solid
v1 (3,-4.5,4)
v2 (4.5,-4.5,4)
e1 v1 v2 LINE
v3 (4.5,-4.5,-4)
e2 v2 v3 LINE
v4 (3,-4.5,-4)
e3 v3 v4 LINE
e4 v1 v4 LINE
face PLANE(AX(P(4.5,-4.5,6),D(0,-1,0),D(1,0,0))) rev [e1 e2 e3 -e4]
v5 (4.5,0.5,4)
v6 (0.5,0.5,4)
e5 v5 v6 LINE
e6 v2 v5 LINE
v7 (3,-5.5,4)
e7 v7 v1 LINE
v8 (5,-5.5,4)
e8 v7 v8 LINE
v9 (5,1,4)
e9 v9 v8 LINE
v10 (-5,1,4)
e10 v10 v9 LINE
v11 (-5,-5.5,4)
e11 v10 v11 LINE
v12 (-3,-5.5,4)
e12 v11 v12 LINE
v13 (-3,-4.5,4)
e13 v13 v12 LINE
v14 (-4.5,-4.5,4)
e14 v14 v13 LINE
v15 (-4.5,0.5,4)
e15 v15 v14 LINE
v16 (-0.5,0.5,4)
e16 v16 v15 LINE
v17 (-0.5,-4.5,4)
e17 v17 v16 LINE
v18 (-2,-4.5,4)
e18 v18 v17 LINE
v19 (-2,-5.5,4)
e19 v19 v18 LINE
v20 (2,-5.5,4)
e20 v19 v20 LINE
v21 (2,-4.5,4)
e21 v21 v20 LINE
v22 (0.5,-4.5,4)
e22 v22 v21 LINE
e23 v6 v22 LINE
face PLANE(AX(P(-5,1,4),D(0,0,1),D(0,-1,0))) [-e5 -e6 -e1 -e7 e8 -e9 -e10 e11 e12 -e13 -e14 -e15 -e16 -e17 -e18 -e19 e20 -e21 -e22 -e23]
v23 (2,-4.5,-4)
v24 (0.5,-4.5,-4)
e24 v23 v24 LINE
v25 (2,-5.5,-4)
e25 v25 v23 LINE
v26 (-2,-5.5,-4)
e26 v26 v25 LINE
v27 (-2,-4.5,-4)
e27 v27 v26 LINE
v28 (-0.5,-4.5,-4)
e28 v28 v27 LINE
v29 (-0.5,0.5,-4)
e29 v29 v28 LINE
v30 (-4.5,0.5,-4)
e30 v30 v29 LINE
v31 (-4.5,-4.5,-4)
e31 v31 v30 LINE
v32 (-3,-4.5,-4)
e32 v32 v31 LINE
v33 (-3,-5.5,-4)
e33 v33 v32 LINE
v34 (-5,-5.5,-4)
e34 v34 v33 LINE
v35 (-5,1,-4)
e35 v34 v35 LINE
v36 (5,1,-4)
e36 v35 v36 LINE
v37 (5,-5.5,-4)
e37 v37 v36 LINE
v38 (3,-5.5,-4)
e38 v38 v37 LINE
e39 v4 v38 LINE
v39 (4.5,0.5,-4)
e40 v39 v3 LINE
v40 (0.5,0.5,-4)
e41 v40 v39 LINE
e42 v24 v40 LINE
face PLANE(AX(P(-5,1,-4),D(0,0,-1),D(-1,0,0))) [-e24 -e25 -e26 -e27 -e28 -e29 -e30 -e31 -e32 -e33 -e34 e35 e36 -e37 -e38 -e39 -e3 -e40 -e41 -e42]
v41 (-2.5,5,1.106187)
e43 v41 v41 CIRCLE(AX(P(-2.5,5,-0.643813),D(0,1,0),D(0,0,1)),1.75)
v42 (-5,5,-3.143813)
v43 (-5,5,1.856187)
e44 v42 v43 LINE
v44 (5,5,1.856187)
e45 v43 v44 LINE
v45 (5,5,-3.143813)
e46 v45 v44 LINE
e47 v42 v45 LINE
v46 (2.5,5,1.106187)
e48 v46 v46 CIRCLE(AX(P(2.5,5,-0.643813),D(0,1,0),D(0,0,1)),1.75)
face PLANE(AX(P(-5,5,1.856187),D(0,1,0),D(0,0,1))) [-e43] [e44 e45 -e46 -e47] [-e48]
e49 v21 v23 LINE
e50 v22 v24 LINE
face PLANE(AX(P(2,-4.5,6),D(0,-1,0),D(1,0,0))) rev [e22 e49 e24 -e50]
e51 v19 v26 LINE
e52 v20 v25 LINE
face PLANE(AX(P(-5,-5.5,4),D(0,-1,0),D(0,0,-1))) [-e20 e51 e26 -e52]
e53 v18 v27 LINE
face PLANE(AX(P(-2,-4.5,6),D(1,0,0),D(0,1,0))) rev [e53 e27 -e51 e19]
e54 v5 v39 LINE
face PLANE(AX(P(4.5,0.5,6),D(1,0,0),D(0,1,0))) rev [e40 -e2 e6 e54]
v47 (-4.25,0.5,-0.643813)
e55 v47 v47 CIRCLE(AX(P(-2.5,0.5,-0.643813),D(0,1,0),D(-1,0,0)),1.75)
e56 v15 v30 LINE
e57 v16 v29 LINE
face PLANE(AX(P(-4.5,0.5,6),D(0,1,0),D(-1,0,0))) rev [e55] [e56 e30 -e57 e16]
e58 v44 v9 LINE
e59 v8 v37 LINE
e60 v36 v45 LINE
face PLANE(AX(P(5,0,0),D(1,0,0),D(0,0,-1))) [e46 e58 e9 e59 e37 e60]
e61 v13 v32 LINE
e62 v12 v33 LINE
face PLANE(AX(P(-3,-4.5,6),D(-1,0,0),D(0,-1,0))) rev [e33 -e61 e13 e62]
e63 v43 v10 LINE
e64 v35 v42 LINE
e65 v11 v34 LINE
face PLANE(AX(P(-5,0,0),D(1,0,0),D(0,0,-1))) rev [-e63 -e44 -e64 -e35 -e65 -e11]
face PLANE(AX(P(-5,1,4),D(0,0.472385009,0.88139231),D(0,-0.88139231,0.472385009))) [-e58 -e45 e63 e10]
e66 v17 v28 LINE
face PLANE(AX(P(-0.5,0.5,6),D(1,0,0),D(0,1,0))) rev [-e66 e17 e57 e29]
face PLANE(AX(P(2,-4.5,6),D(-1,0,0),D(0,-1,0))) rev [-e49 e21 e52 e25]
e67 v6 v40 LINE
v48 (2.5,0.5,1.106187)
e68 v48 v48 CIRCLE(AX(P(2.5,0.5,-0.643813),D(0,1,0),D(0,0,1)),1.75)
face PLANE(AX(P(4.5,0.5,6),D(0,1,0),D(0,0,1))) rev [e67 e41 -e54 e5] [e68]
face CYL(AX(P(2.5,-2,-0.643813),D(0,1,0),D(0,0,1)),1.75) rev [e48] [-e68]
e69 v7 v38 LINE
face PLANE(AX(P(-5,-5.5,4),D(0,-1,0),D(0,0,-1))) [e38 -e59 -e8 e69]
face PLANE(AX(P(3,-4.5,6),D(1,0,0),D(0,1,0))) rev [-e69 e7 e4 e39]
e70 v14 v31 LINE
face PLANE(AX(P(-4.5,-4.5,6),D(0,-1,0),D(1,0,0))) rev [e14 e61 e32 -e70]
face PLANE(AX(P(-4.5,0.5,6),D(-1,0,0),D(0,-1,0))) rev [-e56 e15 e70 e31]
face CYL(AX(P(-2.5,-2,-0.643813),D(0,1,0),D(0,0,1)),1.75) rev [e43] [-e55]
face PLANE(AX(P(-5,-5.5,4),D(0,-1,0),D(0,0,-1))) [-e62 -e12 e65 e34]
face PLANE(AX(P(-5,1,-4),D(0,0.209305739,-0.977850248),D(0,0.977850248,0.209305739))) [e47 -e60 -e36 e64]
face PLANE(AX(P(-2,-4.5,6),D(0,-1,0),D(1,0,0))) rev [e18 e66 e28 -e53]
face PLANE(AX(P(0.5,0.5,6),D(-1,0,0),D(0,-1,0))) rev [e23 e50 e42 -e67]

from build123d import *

# Parameters (mm, degrees)
Y_KSEKLIK_EKSTR_ZYON1_DEPTH      = 5
Y_KSEKLIK_EKSTR_ZYON1_DEPTH_BACK = 5
KES_EKSTR_ZYON1_DEPTH            = 10
IZIM3_R                          = 1.75
KES_EKSTR_ZYON2_DEPTH            = 7


with BuildPart() as part:
    # izim1 → Y_kseklik-Ekstr_zyon1 (new body, two sides)
    with BuildSketch(Plane(origin=(0, 0, 0), x_dir=(0, 0, -1), z_dir=(1, 0, 0))) as y_kseklik_ekstr_zyon1_sk:
        Polygon((-1.856187291, 5), (3.143812709, 5), (4, 1), (4, -5.5), (-4, -5.5), (-4, 1), align=None)
    extrude(amount=Y_KSEKLIK_EKSTR_ZYON1_DEPTH)
    extrude(y_kseklik_ekstr_zyon1_sk.sketch, amount=-Y_KSEKLIK_EKSTR_ZYON1_DEPTH_BACK)

    # izim2 → Kes-Ekstr_zyon1 (cut)
    with BuildSketch(Plane(origin=(0, 0, -4), x_dir=(-1, 0, 0), z_dir=(0, 0, -1))):
        Polygon((-3, -4.5), (-3, -5.5), (-2, -5.5), (-2, -4.5), (-0.5, -4.5), (-0.5, 0.5), (-4.5, 0.5), (-4.5, -4.5), align=None)
        Polygon((2, -4.5), (2, -5.5), (3, -5.5), (3, -4.5), (4.5, -4.5), (4.5, 0.5), (0.5, 0.5), (0.5, -4.5), align=None)
    extrude(amount=-KES_EKSTR_ZYON1_DEPTH, mode=Mode.SUBTRACT)

    # izim3 → Kes-Ekstr_zyon2 (cut)
    with BuildSketch(Plane(origin=(0, 5, 0), x_dir=(1, 0, 0), z_dir=(0, 1, 0))):
        with Locations((-2.5, 0.643812709)):
            Circle(IZIM3_R)
        with Locations((2.5, 0.643812709)):
            Circle(IZIM3_R)
    extrude(amount=-KES_EKSTR_ZYON2_DEPTH, mode=Mode.SUBTRACT)


solid = part.part
